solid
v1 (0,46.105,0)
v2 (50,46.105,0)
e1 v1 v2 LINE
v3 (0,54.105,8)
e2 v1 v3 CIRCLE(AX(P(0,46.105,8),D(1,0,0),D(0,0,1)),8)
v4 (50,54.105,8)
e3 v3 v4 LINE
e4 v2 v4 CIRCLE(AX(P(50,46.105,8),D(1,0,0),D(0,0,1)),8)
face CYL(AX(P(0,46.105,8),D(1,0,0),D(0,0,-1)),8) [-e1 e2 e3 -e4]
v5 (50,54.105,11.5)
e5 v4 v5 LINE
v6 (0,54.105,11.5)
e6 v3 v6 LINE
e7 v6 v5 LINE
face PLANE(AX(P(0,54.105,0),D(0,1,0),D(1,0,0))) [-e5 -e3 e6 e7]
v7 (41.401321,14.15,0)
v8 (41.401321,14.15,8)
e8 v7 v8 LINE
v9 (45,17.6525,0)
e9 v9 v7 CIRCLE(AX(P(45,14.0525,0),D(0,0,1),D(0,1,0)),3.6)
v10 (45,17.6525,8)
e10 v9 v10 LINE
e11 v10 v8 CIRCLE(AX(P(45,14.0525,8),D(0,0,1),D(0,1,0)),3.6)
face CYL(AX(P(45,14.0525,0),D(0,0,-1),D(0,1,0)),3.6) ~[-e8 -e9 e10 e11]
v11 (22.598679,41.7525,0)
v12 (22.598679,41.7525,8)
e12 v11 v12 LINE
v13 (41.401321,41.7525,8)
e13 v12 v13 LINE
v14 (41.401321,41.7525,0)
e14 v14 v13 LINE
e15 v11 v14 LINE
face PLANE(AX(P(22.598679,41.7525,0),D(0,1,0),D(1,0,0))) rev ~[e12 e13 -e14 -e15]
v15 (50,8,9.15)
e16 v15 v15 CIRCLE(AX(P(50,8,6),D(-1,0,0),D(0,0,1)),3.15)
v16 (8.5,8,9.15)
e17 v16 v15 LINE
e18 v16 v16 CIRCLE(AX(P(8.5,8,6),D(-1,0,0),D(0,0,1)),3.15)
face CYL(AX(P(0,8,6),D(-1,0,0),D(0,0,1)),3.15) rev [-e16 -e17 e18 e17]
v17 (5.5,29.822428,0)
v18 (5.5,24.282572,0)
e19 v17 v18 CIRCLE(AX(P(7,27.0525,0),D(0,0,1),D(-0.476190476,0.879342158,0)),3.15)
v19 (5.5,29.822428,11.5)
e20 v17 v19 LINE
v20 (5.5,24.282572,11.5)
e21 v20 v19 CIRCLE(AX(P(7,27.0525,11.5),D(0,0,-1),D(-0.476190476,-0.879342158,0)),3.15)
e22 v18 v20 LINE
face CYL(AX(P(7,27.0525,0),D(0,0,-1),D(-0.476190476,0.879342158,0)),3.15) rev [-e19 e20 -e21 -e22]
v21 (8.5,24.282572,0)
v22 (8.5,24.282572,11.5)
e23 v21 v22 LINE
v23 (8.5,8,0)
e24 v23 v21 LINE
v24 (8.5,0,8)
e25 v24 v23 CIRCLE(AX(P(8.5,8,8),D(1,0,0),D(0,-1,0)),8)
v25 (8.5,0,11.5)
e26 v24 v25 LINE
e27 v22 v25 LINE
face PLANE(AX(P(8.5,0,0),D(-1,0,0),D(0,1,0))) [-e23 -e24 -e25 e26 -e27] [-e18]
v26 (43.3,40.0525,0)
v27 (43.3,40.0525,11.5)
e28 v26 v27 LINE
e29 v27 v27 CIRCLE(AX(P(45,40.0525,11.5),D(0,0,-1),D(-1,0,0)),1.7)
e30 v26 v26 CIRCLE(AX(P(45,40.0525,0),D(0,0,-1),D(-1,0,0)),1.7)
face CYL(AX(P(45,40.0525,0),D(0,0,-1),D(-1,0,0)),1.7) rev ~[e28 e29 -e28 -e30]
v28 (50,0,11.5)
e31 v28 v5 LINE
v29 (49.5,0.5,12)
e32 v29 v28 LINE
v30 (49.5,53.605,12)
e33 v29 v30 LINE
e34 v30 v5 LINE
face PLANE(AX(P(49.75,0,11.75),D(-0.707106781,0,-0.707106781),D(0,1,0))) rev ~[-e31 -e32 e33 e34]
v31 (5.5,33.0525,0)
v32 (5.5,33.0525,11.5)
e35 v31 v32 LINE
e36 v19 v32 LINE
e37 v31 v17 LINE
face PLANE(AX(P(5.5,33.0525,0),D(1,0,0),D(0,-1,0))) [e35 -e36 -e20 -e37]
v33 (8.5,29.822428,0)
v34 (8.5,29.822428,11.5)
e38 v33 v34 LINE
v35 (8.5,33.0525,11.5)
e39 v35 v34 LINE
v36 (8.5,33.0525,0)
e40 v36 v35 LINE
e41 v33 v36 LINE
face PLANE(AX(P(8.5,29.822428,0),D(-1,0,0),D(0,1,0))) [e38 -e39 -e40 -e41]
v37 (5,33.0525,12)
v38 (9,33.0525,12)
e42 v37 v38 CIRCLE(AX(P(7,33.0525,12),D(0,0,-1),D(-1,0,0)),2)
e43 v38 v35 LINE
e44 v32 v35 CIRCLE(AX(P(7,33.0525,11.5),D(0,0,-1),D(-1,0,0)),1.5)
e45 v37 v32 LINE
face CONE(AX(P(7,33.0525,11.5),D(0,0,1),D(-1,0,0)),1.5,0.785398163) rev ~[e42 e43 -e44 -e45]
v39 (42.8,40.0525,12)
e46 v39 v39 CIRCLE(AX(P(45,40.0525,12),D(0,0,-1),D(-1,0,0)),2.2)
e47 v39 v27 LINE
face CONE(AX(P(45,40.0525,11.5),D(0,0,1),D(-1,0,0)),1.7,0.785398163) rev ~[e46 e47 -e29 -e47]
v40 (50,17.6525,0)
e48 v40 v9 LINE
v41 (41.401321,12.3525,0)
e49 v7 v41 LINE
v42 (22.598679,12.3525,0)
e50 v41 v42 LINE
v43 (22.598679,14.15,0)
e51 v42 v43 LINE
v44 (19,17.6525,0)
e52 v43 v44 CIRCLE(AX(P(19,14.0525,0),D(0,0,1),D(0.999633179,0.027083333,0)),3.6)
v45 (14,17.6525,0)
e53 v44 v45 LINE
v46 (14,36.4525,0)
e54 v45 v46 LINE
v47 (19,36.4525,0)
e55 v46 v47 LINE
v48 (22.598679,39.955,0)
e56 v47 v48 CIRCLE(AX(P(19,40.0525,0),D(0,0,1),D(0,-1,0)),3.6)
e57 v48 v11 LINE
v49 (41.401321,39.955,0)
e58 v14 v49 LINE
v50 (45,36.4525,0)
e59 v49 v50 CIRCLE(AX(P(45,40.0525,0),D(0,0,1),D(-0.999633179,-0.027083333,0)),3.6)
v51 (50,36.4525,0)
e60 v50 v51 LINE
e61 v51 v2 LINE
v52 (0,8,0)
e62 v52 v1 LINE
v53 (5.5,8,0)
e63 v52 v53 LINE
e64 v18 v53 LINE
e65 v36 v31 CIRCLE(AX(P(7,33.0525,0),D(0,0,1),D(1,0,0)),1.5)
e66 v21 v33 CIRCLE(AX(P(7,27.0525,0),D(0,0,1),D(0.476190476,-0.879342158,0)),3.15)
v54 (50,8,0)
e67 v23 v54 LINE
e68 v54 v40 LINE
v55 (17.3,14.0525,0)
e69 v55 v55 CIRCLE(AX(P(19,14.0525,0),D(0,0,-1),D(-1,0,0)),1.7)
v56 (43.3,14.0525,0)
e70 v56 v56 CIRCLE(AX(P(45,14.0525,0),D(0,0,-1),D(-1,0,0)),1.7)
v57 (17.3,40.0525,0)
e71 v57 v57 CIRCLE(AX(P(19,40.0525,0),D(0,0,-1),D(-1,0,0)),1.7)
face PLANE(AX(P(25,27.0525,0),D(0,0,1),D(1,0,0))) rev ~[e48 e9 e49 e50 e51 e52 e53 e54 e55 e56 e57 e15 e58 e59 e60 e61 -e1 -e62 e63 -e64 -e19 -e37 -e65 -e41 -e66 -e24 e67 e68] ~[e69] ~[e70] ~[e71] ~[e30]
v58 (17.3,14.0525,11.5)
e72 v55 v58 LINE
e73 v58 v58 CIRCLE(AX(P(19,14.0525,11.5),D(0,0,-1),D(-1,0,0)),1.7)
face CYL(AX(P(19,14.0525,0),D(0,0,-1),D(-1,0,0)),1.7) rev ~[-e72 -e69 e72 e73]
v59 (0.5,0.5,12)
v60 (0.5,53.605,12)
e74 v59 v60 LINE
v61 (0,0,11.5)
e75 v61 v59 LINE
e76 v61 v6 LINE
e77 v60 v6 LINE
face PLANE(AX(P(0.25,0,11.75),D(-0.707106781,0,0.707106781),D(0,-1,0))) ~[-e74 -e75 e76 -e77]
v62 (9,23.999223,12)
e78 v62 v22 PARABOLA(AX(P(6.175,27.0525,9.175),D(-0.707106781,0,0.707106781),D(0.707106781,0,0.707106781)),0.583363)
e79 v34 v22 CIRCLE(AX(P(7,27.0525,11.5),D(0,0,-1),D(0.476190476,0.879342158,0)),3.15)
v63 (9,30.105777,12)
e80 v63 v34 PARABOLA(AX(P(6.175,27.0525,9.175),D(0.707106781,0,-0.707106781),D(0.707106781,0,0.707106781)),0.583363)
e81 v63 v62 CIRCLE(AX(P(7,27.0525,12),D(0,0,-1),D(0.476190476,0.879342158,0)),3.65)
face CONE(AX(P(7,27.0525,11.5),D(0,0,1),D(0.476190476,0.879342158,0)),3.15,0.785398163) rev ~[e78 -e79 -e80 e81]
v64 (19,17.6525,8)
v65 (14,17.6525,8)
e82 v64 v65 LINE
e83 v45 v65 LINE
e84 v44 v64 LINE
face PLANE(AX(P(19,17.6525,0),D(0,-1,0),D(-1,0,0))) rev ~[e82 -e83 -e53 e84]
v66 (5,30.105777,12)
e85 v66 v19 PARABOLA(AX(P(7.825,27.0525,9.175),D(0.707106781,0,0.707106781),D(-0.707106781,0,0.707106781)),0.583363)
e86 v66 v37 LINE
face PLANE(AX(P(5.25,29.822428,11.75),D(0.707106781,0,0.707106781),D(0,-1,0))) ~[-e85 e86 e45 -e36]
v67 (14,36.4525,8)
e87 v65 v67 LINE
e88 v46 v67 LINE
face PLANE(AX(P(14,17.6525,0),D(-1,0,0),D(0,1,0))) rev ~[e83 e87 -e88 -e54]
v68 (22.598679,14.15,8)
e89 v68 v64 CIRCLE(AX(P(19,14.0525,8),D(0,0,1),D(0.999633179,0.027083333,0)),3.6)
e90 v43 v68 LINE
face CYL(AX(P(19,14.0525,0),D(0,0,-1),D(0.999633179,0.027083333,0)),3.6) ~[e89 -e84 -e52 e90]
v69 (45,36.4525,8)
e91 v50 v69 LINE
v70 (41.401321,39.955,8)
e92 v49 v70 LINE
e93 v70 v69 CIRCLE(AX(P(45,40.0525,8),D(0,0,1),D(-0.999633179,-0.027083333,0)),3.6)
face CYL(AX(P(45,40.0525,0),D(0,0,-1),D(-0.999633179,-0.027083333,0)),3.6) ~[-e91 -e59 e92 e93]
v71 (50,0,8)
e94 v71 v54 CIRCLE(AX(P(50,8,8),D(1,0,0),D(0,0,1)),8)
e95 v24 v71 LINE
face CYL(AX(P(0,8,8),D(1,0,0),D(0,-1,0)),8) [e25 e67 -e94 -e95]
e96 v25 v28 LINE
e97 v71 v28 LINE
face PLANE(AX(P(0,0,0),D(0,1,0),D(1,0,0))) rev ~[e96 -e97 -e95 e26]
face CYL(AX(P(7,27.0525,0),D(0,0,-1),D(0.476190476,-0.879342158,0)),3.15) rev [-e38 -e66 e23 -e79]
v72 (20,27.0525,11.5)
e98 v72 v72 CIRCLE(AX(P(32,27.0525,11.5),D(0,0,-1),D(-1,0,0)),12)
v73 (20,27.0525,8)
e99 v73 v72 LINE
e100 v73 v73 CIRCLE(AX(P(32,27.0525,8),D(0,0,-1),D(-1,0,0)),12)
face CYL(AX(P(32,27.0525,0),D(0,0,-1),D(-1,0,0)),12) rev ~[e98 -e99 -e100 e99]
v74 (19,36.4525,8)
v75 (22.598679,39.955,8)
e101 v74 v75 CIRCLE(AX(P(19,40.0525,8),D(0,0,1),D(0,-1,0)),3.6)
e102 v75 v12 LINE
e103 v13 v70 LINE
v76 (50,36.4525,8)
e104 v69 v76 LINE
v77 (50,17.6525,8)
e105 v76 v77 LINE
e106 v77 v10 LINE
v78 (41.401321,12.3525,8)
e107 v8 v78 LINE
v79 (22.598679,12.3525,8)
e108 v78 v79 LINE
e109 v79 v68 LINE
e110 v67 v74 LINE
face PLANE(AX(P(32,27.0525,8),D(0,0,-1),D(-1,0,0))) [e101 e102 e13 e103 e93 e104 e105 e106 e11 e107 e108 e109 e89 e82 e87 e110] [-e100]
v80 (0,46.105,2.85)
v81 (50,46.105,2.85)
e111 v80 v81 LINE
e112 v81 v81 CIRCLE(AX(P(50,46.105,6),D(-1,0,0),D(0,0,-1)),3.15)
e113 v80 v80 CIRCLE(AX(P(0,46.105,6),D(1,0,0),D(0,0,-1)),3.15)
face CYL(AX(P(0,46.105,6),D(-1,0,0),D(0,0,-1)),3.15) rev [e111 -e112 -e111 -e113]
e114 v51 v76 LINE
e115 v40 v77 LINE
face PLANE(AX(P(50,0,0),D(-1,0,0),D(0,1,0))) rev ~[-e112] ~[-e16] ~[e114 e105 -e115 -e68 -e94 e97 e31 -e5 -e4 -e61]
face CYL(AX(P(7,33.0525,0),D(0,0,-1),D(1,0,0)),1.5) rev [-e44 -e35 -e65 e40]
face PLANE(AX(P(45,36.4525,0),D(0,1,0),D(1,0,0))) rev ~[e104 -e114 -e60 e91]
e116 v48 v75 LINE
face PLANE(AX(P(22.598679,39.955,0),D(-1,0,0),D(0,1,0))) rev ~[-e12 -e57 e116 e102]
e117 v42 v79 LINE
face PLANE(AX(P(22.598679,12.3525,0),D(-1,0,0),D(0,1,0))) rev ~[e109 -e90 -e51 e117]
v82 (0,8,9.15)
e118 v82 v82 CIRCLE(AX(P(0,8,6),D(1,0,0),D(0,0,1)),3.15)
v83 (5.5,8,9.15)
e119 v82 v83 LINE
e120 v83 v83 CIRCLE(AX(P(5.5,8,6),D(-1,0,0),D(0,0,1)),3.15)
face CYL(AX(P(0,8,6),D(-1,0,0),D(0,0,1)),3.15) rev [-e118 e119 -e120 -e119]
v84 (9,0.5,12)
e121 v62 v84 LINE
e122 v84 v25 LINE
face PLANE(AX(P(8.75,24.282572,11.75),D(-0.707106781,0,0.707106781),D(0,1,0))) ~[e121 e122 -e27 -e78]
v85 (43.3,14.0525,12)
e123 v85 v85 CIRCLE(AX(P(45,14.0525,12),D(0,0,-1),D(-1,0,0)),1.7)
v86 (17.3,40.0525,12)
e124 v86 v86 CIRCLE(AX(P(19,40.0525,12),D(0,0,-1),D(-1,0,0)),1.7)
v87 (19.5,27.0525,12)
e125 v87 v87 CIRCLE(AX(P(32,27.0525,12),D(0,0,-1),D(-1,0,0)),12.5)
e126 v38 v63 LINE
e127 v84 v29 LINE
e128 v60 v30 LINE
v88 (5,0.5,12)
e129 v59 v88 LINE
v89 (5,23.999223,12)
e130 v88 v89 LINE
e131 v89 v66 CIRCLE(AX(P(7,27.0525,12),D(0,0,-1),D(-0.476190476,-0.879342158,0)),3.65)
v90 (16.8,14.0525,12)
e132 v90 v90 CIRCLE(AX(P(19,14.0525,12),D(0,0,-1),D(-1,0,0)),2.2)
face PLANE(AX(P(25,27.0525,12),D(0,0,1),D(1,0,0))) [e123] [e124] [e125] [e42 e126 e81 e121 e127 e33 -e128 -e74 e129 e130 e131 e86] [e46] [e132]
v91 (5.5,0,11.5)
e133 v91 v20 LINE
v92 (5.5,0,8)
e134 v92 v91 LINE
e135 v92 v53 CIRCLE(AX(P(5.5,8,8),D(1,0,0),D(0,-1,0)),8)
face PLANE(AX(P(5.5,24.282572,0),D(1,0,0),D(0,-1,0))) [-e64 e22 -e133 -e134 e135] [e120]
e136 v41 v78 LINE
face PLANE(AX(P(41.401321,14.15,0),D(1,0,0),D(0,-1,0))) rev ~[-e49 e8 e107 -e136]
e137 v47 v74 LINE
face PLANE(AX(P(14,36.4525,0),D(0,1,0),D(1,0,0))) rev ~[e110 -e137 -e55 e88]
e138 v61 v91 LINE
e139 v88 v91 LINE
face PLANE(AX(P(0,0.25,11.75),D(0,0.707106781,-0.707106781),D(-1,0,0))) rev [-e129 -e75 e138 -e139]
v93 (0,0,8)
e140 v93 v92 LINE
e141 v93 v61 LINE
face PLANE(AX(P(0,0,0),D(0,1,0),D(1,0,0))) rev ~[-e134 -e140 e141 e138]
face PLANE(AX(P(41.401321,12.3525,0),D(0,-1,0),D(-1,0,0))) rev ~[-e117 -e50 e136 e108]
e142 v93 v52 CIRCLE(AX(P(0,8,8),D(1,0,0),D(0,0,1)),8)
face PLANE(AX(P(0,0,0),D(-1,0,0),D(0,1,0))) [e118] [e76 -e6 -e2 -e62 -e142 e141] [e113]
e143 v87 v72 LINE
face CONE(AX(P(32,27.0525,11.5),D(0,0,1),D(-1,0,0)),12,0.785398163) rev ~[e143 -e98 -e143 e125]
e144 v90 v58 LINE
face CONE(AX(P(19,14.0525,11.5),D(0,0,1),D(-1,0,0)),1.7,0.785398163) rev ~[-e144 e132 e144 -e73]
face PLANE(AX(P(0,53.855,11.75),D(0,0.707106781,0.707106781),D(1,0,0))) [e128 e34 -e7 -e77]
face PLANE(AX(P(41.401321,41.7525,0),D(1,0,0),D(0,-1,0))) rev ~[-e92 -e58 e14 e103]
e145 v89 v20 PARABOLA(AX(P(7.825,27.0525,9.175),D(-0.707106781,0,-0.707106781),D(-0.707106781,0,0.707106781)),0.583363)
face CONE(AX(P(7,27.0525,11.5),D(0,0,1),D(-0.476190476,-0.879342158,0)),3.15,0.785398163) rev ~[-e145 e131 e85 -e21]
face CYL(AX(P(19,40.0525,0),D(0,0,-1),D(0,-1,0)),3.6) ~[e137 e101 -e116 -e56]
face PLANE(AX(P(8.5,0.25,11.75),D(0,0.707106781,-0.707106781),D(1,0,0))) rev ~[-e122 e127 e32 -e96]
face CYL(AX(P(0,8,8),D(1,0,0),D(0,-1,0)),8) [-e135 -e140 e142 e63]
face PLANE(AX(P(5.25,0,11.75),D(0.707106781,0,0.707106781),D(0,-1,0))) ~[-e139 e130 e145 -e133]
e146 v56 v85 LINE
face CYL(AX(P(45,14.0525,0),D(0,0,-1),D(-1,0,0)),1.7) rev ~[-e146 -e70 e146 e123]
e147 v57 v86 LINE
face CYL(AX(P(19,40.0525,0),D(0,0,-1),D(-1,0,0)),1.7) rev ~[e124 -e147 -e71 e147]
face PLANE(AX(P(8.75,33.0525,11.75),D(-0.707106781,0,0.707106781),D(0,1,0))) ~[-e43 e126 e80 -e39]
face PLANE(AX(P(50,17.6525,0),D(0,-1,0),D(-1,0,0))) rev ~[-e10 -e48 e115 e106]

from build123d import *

# Parameters (mm, degrees)
SKETCH1_W           = 50
SKETCH1_H           = 54.105
BOSS_EXTRUDE1_DEPTH = 12
SKETCH2_R           = 3.15
CUT_EXTRUDE1_DEPTH  = 75.641483272
FILLET1_R           = 8
SKETCH3_R           = 12
SKETCH3_R_2         = 1.7
CUT_EXTRUDE2_DEPTH  = 75.641483272
CUT_EXTRUDE4_DEPTH  = 8
CHAMFER1_SIZE       = 0.5


with BuildPart() as part:
    # Sketch1 → Boss-Extrude1 (new body)
    with BuildSketch(Plane.XY):
        with Locations((25, 27.0525)):
            Rectangle(SKETCH1_W, SKETCH1_H)
    extrude(amount=BOSS_EXTRUDE1_DEPTH)

    # Sketch2 → Cut-Extrude1 (cut, through all)
    with BuildSketch(Plane(origin=(0, 0, 0), x_dir=(0, 0, -1), z_dir=(1, 0, 0))):
        with Locations((-6, 46.105)):
            Circle(SKETCH2_R)
        with Locations(Location((-6, 8, 0), (0, 0, 180))):
            Circle(SKETCH2_R)
    extrude(amount=CUT_EXTRUDE1_DEPTH, mode=Mode.SUBTRACT)

    # Fillet1
    fillet1_edges = [part.edges().sort_by_distance(p)[0] for p in [
        (25, 54.105, 0),
        (25, 0, 0),
    ]]
    fillet(fillet1_edges, radius=FILLET1_R)

    # Sketch3 → Cut-Extrude2 (cut, through all)
    with BuildSketch(Plane(origin=(0, 0, 0), x_dir=(-1, 0, 0), z_dir=(0, 0, -1))):
        with Locations((-32, 27.0525)):
            Circle(SKETCH3_R)
        with Locations((-19, 40.0525)):
            Circle(SKETCH3_R_2)
        with Locations((-19, 14.0525)):
            Circle(SKETCH3_R_2)
        with Locations((-45, 14.0525)):
            Circle(SKETCH3_R_2)
        with Locations((-45, 40.0525)):
            Circle(SKETCH3_R_2)
        with BuildLine():
            Line((-8.5, 0), (-8.5, 24.282572203))
            ThreePointArc((-8.5, 24.282572203), (-10.15, 27.0525), (-8.5, 29.822427797))
            Line((-8.5, 29.822427797), (-8.5, 33.0525))
            ThreePointArc((-8.5, 33.0525), (-7, 34.5525), (-5.5, 33.0525))
            Line((-5.5, 33.0525), (-5.5, 29.822427797))
            ThreePointArc((-5.5, 29.822427797), (-3.85, 27.0525), (-5.5, 24.282572203))
            Line((-5.5, 24.282572203), (-5.5, 0))
            Line((-5.5, 0), (-8.5, 0))
        make_face()
    extrude(amount=-CUT_EXTRUDE2_DEPTH, mode=Mode.SUBTRACT)

    # Sketch5 → Cut-Extrude4 (cut)
    with BuildSketch(Plane(origin=(0, 0, 0), x_dir=(-1, 0, 0), z_dir=(0, 0, -1))):
        with BuildLine():
            Line((-19, 17.6525), (-14, 17.6525))
            Line((-14, 17.6525), (-14, 36.4525))
            Line((-14, 36.4525), (-19, 36.4525))
            ThreePointArc((-19, 36.4525), (-21.510876341, 37.472674425), (-22.598679445, 39.955))
            Line((-22.598679445, 39.955), (-22.598679445, 41.7525))
            Line((-22.598679445, 41.7525), (-41.401320555, 41.7525))
            Line((-41.401320555, 41.7525), (-41.401320555, 39.955))
            ThreePointArc((-41.401320555, 39.955), (-42.489123659, 37.472674425), (-45, 36.4525))
            Line((-45, 36.4525), (-50, 36.4525))
            Line((-50, 36.4525), (-50, 17.6525))
            Line((-50, 17.6525), (-45, 17.6525))
            ThreePointArc((-45, 17.6525), (-42.489123659, 16.632325575), (-41.401320555, 14.15))
            Line((-41.401320555, 14.15), (-41.401320555, 12.3525))
            Line((-41.401320555, 12.3525), (-22.598679445, 12.3525))
            Line((-22.598679445, 12.3525), (-22.598679445, 14.15))
            ThreePointArc((-22.598679445, 14.15), (-21.510876341, 16.632325575), (-19, 17.6525))
        make_face()
    extrude(amount=-CUT_EXTRUDE4_DEPTH, mode=Mode.SUBTRACT)

    # Chamfer1
    chamfer1_edges = [part.edges().sort_by_distance(p)[0] for p in [
        (50, 27.0525, 12),
        (25, 54.105, 12),
        (0, 27.0525, 12),
        (29.25, 0, 12),
        (10.15, 27.0525, 12),
        (8.5, 31.437463898, 12),
        (7, 34.5525, 12),
        (5.5, 31.437463898, 12),
        (3.85, 27.0525, 12),
        (5.5, 12.141286102, 12),
        (8.5, 12.141286102, 12),
        (44, 27.0525, 12),
        (2.75, 0, 12),
        (20.7, 14.0525, 12),
        (46.7, 40.0525, 12),
    ]]
    chamfer(chamfer1_edges, length=CHAMFER1_SIZE)


solid = part.part
